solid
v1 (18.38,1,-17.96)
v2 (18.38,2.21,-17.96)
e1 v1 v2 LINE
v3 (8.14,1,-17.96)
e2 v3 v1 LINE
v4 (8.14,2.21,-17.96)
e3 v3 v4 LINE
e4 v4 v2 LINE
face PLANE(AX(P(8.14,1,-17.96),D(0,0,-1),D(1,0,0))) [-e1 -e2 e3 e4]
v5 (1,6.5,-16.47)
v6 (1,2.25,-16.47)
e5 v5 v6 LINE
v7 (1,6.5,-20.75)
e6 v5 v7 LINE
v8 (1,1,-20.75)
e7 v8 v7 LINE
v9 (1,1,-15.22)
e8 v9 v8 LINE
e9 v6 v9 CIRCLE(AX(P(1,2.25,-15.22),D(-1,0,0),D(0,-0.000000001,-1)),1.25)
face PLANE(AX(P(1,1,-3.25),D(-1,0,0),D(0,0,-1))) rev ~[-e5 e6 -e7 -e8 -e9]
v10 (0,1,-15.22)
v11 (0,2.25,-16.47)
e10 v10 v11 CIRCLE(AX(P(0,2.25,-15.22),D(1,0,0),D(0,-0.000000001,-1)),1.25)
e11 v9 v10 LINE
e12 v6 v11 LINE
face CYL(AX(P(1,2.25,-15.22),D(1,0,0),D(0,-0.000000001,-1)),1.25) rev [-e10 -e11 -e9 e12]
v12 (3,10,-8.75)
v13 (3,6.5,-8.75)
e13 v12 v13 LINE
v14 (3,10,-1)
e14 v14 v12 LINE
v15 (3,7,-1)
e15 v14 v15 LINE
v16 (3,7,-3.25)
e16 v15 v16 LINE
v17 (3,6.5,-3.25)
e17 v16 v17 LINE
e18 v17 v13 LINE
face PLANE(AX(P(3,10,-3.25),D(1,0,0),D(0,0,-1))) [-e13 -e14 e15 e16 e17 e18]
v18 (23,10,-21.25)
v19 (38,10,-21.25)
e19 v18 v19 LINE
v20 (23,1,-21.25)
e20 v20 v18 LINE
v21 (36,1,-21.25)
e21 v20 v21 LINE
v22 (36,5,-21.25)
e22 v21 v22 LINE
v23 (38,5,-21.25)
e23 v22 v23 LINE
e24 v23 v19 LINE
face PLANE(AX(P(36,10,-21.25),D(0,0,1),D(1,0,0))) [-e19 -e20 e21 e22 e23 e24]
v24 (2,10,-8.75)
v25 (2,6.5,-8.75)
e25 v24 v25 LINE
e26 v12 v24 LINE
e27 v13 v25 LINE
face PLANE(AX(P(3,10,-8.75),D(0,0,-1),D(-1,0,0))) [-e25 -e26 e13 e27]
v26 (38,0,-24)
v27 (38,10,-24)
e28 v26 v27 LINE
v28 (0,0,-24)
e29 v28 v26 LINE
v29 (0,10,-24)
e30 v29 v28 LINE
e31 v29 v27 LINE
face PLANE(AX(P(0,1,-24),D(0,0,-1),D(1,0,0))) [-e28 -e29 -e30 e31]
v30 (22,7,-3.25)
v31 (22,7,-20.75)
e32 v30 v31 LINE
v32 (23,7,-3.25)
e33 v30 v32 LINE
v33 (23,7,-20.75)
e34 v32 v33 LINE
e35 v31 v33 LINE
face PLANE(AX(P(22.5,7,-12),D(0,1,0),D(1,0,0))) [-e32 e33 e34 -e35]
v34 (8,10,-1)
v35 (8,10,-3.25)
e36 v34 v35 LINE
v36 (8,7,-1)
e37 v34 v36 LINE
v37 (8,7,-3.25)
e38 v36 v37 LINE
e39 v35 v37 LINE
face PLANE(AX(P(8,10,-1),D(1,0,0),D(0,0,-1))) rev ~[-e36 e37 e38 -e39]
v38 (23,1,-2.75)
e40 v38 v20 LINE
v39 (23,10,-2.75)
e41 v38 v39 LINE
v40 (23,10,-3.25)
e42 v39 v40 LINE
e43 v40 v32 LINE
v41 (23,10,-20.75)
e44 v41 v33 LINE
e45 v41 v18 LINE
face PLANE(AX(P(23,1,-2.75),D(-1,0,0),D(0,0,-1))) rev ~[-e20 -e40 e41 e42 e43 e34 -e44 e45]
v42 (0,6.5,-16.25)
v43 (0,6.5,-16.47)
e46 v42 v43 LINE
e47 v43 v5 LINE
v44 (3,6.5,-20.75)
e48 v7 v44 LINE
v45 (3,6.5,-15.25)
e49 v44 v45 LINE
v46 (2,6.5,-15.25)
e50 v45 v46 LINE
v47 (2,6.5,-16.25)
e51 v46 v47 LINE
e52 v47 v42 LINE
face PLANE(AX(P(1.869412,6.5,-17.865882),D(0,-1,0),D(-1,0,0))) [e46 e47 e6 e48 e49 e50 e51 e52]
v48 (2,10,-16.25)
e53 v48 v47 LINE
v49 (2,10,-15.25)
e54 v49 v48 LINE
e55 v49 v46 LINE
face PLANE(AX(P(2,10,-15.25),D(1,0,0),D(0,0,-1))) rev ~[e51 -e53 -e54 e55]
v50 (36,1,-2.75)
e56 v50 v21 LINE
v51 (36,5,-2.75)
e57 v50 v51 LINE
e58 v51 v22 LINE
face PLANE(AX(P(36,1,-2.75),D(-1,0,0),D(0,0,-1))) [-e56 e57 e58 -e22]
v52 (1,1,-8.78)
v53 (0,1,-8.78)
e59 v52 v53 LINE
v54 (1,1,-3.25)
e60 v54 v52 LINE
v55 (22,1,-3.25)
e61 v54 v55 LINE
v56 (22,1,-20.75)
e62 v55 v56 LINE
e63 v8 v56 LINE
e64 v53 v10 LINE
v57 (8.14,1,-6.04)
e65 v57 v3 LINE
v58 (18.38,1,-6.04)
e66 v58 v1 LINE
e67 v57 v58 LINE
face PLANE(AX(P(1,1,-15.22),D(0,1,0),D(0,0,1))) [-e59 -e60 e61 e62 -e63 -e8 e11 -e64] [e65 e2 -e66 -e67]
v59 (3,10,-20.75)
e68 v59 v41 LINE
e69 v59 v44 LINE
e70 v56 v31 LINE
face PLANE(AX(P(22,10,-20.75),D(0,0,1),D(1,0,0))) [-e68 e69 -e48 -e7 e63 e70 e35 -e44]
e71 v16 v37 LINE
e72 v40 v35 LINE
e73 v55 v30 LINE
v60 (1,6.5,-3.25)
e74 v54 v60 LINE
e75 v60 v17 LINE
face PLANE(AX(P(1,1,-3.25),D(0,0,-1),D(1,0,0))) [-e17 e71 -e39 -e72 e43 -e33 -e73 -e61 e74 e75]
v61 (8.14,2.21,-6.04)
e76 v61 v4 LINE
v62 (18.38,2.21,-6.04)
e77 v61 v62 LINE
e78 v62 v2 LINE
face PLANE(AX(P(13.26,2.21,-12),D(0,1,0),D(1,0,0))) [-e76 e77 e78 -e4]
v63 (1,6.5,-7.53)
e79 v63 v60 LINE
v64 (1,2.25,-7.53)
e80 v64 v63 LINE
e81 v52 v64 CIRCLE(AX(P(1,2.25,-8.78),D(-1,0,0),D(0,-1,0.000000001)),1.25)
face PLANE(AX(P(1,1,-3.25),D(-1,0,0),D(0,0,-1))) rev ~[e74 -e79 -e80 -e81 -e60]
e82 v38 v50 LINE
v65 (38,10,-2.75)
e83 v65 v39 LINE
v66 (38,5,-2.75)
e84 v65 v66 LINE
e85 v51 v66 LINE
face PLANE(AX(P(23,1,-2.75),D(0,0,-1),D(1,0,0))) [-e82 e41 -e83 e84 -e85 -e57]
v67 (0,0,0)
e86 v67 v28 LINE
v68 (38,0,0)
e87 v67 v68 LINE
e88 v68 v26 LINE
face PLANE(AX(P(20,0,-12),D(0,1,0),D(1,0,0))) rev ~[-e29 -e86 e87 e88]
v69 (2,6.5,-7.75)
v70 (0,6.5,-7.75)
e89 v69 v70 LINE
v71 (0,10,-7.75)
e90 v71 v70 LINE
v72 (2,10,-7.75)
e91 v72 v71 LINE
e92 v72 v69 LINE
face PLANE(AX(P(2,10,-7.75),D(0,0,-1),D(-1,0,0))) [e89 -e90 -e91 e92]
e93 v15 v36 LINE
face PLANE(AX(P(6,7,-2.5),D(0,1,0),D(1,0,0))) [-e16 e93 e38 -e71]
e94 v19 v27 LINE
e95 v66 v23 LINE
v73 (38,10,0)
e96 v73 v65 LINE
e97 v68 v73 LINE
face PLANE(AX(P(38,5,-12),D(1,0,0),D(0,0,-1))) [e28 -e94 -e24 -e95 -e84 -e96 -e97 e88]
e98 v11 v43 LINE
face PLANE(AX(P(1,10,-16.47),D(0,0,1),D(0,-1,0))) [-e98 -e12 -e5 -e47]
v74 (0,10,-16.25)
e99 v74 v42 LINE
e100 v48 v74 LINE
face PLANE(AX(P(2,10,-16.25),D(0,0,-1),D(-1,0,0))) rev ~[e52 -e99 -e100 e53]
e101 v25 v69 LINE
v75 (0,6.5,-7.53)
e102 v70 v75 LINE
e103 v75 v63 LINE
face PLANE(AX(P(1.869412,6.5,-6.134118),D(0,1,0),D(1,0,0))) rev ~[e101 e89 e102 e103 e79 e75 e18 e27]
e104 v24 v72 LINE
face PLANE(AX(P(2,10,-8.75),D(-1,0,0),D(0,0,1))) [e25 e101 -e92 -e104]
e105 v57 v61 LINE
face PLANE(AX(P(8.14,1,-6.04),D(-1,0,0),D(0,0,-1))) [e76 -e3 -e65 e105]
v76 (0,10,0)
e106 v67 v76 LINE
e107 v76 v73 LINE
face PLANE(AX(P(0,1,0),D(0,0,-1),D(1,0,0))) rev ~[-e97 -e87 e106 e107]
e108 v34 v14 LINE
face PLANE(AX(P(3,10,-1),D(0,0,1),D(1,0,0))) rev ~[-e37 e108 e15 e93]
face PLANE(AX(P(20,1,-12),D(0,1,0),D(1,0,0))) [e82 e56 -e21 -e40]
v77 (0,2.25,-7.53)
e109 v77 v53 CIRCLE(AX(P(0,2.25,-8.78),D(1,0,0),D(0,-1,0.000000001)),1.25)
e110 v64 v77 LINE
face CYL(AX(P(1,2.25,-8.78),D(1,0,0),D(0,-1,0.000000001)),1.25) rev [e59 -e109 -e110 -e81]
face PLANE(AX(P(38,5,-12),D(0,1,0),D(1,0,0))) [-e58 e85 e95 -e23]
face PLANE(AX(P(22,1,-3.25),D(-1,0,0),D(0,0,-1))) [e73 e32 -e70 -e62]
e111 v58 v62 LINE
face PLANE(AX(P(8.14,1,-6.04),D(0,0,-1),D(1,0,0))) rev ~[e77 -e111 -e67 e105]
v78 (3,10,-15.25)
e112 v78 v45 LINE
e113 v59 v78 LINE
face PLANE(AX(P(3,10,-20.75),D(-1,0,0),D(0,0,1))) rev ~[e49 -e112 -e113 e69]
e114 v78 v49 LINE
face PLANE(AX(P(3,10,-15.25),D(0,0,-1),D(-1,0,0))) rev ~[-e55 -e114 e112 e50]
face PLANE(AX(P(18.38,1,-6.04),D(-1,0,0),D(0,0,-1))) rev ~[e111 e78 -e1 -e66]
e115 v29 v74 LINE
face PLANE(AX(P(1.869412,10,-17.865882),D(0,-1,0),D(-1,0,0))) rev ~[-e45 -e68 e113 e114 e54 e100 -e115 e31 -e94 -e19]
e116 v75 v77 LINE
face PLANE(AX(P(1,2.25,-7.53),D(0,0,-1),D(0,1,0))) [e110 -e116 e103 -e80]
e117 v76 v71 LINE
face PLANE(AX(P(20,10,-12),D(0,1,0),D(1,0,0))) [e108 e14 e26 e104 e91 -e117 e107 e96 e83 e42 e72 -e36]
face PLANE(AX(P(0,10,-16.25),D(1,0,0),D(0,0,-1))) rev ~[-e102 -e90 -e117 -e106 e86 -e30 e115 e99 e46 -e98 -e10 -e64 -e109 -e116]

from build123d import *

# Parameters (mm, degrees)
SKETCH1_W           = 40
SKETCH1_H           = 24
BOSS_EXTRUDE1_DEPTH = 1
SKETCH2_W           = 40
SKETCH2_H           = 24
SKETCH2_W_2         = 21
SKETCH2_H_2         = 17.5
SKETCH2_W_3         = 13
SKETCH2_H_3         = 18.5
BOSS_EXTRUDE3_DEPTH = 9
SKETCH3_W           = 1
SKETCH3_H           = 17.5
CUT_EXTRUDE2_DEPTH  = 3
SKETCH4_W           = 10.24
SKETCH4_H           = 11.92
BOSS_EXTRUDE4_DEPTH = 1.21
CUT_EXTRUDE3_DEPTH  = 2
SKETCH8_W           = 4
SKETCH8_H           = 18.5
CUT_EXTRUDE4_DEPTH  = 5
SKETCH11_W          = 24
SKETCH11_H          = 10
CUT_EXTRUDE5_DEPTH  = 2
SKETCH12_W          = 4
SKETCH12_H          = 3
CUT_EXTRUDE6_DEPTH  = 3
BOSS_EXTRUDE5_DEPTH = 3.5
SKETCH14_W          = 1
SKETCH14_H          = 2.25
CUT_EXTRUDE7_DEPTH  = 3


with BuildPart() as part:
    # Sketch1 → Boss-Extrude1 (new body)
    with BuildSketch(Plane(origin=(0, 0, 0), x_dir=(1, 0, 0), z_dir=(0, 1, 0))):
        with Locations((20, 12)):
            Rectangle(SKETCH1_W, SKETCH1_H)
    extrude(amount=BOSS_EXTRUDE1_DEPTH)

    # Sketch2 → Boss-Extrude3 (add)
    with BuildSketch(Plane(origin=(0, 1, 0), x_dir=(1, 0, 0), z_dir=(0, 1, 0))):
        with Locations((20, 12)):
            Rectangle(SKETCH2_W, SKETCH2_H)
        with Locations((11.5, 12)):
            Rectangle(SKETCH2_W_2, SKETCH2_H_2, mode=Mode.SUBTRACT)
        with Locations((29.5, 12)):
            Rectangle(SKETCH2_W_3, SKETCH2_H_3, mode=Mode.SUBTRACT)
    extrude(amount=BOSS_EXTRUDE3_DEPTH)

    # Sketch3 → Cut-Extrude2 (cut)
    with BuildSketch(Plane(origin=(0, 10, 0), x_dir=(1, 0, 0), z_dir=(0, 1, 0))):
        with Locations((22.5, 12)):
            Rectangle(SKETCH3_W, SKETCH3_H)
    extrude(amount=-CUT_EXTRUDE2_DEPTH, mode=Mode.SUBTRACT)

    # Sketch4 → Boss-Extrude4 (add)
    with BuildSketch(Plane(origin=(0, 1, 0), x_dir=(1, 0, 0), z_dir=(0, 1, 0))):
        with Locations((13.26, 12)):
            Rectangle(SKETCH4_W, SKETCH4_H)
    extrude(amount=BOSS_EXTRUDE4_DEPTH)

    # Sketch5 → Cut-Extrude3 (cut)
    with BuildSketch(Plane(origin=(1, 0, 0), x_dir=(0, 0, -1), z_dir=(1, 0, 0))):
        with BuildLine():
            Line((7.53, 2.25), (7.53, 2.96))
            Line((7.53, 2.96), (7.53, 10))
            Line((7.53, 10), (16.47, 10))
            Line((16.47, 10), (16.47, 2.96))
            Line((16.47, 2.96), (16.47, 2.25))
            ThreePointArc((16.47, 2.25), (16.103883476, 1.366116524), (15.22, 1))
            Line((15.22, 1), (8.78, 1))
            ThreePointArc((8.78, 1), (7.896116524, 1.366116524), (7.53, 2.25))
        make_face()
    extrude(amount=-CUT_EXTRUDE3_DEPTH, mode=Mode.SUBTRACT)

    # Sketch8 → Cut-Extrude4 (cut)
    with BuildSketch(Plane(origin=(0, 10, 0), x_dir=(1, 0, 0), z_dir=(0, 1, 0))):
        with Locations((38, 12)):
            Rectangle(SKETCH8_W, SKETCH8_H)
    extrude(amount=-CUT_EXTRUDE4_DEPTH, mode=Mode.SUBTRACT)

    # Sketch11 → Cut-Extrude5 (cut)
    with BuildSketch(Plane(origin=(40, 0, 0), x_dir=(0, 0, -1), z_dir=(1, 0, 0))):
        with Locations((12, 5)):
            Rectangle(SKETCH11_W, SKETCH11_H)
    extrude(amount=-CUT_EXTRUDE5_DEPTH, mode=Mode.SUBTRACT)

    # Sketch12 → Cut-Extrude6 (cut)
    with BuildSketch(Plane(origin=(0, 10, 0), x_dir=(1, 0, 0), z_dir=(0, 1, 0))):
        with Locations((6, 2.5)):
            Rectangle(SKETCH12_W, SKETCH12_H)
    extrude(amount=-CUT_EXTRUDE6_DEPTH, mode=Mode.SUBTRACT)

    # Sketch13 → Boss-Extrude5 (add)
    with BuildSketch(Plane(origin=(0, 10, 0), x_dir=(1, 0, 0), z_dir=(0, 1, 0))):
        Polygon((1, 16.47), (1, 20.75), (3, 20.75), (3, 15.25), (2, 15.25), (2, 16.25), (0, 16.25), (0, 16.47), align=None)
        Polygon((1, 3.25), (3, 3.25), (3, 8.75), (2, 8.75), (2, 7.75), (0, 7.75), (0, 7.53), (1, 7.53), align=None)
    extrude(amount=-BOSS_EXTRUDE5_DEPTH)

    # Sketch14 → Cut-Extrude7 (cut)
    with BuildSketch(Plane(origin=(0, 10, 0), x_dir=(1, 0, 0), z_dir=(0, 1, 0))):
        with Locations((3.5, 2.125)):
            Rectangle(SKETCH14_W, SKETCH14_H)
    extrude(amount=-CUT_EXTRUDE7_DEPTH, mode=Mode.SUBTRACT)


solid = part.part
